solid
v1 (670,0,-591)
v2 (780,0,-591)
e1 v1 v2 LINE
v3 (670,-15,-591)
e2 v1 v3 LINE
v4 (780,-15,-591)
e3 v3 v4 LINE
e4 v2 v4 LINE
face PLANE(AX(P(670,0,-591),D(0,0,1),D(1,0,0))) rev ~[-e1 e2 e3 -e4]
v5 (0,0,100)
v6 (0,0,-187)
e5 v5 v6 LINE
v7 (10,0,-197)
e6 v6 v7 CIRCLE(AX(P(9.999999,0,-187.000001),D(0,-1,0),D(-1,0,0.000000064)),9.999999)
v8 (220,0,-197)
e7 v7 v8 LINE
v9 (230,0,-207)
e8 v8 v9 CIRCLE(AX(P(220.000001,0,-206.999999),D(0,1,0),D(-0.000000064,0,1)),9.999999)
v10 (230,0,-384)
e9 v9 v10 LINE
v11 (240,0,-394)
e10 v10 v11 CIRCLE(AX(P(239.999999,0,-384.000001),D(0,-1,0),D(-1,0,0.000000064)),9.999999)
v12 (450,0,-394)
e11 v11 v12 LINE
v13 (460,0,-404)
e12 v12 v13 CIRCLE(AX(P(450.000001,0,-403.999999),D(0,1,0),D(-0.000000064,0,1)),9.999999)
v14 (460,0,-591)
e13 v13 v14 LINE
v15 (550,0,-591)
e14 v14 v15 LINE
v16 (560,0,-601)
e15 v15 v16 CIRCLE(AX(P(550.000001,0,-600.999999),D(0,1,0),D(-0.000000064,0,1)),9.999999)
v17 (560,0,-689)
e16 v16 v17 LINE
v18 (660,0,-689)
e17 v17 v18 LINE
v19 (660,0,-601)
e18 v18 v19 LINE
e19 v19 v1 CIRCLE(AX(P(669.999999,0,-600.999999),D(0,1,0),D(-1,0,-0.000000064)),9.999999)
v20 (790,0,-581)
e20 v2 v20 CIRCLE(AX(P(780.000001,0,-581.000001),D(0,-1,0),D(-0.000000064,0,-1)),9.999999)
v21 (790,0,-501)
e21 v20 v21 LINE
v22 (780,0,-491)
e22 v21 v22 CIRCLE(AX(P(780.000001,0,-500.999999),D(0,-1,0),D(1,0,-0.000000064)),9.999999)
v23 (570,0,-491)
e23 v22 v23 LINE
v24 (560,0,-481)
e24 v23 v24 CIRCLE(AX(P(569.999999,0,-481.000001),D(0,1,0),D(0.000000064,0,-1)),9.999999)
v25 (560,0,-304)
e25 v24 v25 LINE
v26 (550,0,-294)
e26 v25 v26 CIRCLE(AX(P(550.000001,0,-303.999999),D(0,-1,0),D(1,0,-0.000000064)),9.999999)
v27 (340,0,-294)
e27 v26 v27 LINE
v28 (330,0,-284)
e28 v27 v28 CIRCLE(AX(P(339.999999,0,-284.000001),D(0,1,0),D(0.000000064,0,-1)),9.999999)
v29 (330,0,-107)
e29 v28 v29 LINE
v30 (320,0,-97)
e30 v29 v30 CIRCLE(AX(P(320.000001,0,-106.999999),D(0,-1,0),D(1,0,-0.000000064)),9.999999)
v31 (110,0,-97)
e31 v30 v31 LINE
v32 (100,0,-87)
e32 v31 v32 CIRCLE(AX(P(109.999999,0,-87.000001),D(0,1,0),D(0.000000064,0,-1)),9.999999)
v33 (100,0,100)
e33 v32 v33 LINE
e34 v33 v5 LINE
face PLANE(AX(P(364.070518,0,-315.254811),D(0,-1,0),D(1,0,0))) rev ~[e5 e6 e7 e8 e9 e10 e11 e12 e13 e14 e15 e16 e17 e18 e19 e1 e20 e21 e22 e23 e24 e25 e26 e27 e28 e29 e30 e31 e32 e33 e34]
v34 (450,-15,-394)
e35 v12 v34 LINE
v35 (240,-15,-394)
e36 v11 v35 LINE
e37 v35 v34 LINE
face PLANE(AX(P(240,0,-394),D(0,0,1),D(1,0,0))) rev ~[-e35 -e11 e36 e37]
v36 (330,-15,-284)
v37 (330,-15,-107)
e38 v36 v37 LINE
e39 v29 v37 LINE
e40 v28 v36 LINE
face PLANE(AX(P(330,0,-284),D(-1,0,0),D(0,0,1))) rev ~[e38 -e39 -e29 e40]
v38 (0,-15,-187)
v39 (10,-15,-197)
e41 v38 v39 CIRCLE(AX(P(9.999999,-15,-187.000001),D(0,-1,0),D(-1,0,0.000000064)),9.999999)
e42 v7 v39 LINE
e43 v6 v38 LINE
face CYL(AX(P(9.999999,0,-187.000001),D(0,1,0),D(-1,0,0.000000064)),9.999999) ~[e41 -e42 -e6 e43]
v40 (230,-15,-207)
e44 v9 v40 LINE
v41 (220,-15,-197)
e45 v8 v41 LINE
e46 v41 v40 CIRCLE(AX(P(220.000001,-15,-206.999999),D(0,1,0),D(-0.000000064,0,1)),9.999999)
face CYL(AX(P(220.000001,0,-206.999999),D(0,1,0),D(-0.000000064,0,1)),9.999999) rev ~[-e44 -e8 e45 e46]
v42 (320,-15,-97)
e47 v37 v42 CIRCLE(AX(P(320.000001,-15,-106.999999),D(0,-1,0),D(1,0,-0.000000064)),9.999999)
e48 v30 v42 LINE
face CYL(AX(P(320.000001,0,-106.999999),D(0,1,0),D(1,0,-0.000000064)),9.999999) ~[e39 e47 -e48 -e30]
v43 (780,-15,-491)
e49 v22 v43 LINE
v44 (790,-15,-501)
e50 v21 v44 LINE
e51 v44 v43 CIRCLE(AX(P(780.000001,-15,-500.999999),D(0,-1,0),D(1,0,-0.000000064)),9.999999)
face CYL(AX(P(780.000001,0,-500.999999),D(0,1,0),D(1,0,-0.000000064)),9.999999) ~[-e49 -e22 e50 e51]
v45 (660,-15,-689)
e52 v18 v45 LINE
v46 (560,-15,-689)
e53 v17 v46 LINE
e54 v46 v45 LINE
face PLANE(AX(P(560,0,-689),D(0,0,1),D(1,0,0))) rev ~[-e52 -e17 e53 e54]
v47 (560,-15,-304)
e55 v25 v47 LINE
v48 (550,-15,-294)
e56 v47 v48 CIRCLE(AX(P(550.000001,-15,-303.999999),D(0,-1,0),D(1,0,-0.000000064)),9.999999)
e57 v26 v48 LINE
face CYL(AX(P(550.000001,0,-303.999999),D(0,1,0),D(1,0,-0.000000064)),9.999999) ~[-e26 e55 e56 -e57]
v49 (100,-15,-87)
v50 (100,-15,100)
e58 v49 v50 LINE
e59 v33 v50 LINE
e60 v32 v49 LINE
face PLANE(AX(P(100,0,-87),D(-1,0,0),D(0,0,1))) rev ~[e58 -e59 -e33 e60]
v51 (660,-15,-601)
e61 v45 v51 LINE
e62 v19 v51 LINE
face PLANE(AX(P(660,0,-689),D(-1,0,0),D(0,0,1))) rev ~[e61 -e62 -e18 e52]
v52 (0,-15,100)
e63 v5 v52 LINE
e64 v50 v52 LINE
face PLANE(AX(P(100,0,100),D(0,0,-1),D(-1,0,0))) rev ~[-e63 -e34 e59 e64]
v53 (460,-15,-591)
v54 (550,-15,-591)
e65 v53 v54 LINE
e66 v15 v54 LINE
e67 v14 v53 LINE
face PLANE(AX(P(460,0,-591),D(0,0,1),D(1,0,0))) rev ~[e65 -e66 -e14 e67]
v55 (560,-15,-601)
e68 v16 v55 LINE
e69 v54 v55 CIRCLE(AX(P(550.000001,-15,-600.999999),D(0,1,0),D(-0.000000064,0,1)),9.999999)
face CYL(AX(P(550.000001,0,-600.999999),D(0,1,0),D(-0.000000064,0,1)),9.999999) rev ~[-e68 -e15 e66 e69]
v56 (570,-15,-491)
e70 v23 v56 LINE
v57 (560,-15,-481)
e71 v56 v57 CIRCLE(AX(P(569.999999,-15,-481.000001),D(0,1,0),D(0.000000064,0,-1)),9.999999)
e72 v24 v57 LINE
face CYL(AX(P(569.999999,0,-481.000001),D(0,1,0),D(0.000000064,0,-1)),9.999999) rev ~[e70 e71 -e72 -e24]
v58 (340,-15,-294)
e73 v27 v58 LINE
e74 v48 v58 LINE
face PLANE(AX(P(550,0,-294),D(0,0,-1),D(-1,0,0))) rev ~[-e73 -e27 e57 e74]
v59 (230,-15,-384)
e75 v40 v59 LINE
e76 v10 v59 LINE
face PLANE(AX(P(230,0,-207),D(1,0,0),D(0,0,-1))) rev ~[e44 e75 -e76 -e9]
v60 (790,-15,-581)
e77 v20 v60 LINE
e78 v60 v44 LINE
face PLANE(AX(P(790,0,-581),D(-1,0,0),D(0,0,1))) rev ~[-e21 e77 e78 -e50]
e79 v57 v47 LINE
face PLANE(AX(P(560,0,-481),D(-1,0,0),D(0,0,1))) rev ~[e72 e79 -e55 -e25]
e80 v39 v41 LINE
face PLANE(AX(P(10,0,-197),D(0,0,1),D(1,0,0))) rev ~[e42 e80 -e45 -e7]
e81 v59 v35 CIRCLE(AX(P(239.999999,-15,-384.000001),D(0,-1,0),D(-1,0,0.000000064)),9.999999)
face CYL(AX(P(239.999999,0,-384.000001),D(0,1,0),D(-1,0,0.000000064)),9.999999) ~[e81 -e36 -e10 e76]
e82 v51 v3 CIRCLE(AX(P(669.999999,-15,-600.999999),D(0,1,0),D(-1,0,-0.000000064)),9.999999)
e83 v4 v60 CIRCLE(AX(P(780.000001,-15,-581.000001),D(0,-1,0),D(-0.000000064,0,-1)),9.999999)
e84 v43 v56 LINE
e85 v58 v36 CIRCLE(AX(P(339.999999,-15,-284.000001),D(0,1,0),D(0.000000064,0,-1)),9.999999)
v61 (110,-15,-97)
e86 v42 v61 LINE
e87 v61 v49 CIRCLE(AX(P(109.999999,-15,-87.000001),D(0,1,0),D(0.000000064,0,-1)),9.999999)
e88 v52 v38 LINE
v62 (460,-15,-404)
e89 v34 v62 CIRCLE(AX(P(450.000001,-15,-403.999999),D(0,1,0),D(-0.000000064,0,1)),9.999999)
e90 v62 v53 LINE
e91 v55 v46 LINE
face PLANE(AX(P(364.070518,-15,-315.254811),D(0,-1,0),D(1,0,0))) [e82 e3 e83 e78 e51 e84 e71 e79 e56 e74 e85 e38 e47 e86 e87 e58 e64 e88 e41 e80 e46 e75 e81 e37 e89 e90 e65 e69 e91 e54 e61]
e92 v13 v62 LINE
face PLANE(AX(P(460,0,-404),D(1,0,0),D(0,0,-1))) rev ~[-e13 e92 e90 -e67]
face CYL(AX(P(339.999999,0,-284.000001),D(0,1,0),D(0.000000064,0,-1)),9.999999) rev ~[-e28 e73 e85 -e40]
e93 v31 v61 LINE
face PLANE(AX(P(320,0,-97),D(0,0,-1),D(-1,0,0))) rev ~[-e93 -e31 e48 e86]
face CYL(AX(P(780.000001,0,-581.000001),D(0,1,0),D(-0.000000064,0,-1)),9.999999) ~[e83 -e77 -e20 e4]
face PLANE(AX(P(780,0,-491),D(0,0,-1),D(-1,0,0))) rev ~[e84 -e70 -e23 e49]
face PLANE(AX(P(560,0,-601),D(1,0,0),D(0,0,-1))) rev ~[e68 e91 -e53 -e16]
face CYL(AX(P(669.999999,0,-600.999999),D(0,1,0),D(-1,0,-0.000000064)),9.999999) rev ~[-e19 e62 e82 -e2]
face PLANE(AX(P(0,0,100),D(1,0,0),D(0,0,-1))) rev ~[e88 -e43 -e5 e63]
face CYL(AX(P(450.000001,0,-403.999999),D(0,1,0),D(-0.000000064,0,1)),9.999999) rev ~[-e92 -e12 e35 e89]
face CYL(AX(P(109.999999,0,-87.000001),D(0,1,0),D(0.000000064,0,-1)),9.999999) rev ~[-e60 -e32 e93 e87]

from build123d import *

# Parameters (mm, degrees)
F1_DEPTH = 15


with BuildPart() as f1:
    # F0 (on Front) → F1 (new body)
    with BuildSketch(Plane.XZ):
        with BuildLine():
            Line((100, -87), (100, 100))
            Line((100, 100), (0, 100))
            Line((0, 100), (0, -187))
            ThreePointArc((0, -187), (2.928932, -194.071068), (10, -197))
            Line((10, -197), (220, -197))
            ThreePointArc((220, -197), (227.071068, -199.928932), (230, -207))
            Line((230, -207), (230, -384))
            ThreePointArc((230, -384), (232.928932, -391.071068), (240, -394))
            Line((240, -394), (450, -394))
            ThreePointArc((450, -394), (457.071068, -396.928932), (460, -404))
            Line((460, -404), (460, -591))
            Line((460, -591), (550, -591))
            ThreePointArc((550, -591), (557.071068, -593.928932), (560, -601))
            Line((560, -601), (560, -689))
            Line((560, -689), (660, -689))
            Line((660, -689), (660, -601))
            ThreePointArc((660, -601), (662.928932, -593.928932), (670, -591))
            Line((670, -591), (780, -591))
            ThreePointArc((780, -591), (787.071068, -588.071068), (790, -581))
            Line((790, -581), (790, -501))
            ThreePointArc((790, -501), (787.071068, -493.928932), (780, -491))
            Line((780, -491), (570, -491))
            ThreePointArc((570, -491), (562.928932, -488.071068), (560, -481))
            Line((560, -481), (560, -304))
            ThreePointArc((560, -304), (557.071068, -296.928932), (550, -294))
            Line((550, -294), (340, -294))
            ThreePointArc((340, -294), (332.928932, -291.071068), (330, -284))
            Line((330, -284), (330, -107))
            ThreePointArc((330, -107), (327.071068, -99.928932), (320, -97))
            Line((320, -97), (110, -97))
            ThreePointArc((110, -97), (102.928932, -94.071068), (100, -87))
        make_face()
    extrude(amount=F1_DEPTH)


solid = f1.part
